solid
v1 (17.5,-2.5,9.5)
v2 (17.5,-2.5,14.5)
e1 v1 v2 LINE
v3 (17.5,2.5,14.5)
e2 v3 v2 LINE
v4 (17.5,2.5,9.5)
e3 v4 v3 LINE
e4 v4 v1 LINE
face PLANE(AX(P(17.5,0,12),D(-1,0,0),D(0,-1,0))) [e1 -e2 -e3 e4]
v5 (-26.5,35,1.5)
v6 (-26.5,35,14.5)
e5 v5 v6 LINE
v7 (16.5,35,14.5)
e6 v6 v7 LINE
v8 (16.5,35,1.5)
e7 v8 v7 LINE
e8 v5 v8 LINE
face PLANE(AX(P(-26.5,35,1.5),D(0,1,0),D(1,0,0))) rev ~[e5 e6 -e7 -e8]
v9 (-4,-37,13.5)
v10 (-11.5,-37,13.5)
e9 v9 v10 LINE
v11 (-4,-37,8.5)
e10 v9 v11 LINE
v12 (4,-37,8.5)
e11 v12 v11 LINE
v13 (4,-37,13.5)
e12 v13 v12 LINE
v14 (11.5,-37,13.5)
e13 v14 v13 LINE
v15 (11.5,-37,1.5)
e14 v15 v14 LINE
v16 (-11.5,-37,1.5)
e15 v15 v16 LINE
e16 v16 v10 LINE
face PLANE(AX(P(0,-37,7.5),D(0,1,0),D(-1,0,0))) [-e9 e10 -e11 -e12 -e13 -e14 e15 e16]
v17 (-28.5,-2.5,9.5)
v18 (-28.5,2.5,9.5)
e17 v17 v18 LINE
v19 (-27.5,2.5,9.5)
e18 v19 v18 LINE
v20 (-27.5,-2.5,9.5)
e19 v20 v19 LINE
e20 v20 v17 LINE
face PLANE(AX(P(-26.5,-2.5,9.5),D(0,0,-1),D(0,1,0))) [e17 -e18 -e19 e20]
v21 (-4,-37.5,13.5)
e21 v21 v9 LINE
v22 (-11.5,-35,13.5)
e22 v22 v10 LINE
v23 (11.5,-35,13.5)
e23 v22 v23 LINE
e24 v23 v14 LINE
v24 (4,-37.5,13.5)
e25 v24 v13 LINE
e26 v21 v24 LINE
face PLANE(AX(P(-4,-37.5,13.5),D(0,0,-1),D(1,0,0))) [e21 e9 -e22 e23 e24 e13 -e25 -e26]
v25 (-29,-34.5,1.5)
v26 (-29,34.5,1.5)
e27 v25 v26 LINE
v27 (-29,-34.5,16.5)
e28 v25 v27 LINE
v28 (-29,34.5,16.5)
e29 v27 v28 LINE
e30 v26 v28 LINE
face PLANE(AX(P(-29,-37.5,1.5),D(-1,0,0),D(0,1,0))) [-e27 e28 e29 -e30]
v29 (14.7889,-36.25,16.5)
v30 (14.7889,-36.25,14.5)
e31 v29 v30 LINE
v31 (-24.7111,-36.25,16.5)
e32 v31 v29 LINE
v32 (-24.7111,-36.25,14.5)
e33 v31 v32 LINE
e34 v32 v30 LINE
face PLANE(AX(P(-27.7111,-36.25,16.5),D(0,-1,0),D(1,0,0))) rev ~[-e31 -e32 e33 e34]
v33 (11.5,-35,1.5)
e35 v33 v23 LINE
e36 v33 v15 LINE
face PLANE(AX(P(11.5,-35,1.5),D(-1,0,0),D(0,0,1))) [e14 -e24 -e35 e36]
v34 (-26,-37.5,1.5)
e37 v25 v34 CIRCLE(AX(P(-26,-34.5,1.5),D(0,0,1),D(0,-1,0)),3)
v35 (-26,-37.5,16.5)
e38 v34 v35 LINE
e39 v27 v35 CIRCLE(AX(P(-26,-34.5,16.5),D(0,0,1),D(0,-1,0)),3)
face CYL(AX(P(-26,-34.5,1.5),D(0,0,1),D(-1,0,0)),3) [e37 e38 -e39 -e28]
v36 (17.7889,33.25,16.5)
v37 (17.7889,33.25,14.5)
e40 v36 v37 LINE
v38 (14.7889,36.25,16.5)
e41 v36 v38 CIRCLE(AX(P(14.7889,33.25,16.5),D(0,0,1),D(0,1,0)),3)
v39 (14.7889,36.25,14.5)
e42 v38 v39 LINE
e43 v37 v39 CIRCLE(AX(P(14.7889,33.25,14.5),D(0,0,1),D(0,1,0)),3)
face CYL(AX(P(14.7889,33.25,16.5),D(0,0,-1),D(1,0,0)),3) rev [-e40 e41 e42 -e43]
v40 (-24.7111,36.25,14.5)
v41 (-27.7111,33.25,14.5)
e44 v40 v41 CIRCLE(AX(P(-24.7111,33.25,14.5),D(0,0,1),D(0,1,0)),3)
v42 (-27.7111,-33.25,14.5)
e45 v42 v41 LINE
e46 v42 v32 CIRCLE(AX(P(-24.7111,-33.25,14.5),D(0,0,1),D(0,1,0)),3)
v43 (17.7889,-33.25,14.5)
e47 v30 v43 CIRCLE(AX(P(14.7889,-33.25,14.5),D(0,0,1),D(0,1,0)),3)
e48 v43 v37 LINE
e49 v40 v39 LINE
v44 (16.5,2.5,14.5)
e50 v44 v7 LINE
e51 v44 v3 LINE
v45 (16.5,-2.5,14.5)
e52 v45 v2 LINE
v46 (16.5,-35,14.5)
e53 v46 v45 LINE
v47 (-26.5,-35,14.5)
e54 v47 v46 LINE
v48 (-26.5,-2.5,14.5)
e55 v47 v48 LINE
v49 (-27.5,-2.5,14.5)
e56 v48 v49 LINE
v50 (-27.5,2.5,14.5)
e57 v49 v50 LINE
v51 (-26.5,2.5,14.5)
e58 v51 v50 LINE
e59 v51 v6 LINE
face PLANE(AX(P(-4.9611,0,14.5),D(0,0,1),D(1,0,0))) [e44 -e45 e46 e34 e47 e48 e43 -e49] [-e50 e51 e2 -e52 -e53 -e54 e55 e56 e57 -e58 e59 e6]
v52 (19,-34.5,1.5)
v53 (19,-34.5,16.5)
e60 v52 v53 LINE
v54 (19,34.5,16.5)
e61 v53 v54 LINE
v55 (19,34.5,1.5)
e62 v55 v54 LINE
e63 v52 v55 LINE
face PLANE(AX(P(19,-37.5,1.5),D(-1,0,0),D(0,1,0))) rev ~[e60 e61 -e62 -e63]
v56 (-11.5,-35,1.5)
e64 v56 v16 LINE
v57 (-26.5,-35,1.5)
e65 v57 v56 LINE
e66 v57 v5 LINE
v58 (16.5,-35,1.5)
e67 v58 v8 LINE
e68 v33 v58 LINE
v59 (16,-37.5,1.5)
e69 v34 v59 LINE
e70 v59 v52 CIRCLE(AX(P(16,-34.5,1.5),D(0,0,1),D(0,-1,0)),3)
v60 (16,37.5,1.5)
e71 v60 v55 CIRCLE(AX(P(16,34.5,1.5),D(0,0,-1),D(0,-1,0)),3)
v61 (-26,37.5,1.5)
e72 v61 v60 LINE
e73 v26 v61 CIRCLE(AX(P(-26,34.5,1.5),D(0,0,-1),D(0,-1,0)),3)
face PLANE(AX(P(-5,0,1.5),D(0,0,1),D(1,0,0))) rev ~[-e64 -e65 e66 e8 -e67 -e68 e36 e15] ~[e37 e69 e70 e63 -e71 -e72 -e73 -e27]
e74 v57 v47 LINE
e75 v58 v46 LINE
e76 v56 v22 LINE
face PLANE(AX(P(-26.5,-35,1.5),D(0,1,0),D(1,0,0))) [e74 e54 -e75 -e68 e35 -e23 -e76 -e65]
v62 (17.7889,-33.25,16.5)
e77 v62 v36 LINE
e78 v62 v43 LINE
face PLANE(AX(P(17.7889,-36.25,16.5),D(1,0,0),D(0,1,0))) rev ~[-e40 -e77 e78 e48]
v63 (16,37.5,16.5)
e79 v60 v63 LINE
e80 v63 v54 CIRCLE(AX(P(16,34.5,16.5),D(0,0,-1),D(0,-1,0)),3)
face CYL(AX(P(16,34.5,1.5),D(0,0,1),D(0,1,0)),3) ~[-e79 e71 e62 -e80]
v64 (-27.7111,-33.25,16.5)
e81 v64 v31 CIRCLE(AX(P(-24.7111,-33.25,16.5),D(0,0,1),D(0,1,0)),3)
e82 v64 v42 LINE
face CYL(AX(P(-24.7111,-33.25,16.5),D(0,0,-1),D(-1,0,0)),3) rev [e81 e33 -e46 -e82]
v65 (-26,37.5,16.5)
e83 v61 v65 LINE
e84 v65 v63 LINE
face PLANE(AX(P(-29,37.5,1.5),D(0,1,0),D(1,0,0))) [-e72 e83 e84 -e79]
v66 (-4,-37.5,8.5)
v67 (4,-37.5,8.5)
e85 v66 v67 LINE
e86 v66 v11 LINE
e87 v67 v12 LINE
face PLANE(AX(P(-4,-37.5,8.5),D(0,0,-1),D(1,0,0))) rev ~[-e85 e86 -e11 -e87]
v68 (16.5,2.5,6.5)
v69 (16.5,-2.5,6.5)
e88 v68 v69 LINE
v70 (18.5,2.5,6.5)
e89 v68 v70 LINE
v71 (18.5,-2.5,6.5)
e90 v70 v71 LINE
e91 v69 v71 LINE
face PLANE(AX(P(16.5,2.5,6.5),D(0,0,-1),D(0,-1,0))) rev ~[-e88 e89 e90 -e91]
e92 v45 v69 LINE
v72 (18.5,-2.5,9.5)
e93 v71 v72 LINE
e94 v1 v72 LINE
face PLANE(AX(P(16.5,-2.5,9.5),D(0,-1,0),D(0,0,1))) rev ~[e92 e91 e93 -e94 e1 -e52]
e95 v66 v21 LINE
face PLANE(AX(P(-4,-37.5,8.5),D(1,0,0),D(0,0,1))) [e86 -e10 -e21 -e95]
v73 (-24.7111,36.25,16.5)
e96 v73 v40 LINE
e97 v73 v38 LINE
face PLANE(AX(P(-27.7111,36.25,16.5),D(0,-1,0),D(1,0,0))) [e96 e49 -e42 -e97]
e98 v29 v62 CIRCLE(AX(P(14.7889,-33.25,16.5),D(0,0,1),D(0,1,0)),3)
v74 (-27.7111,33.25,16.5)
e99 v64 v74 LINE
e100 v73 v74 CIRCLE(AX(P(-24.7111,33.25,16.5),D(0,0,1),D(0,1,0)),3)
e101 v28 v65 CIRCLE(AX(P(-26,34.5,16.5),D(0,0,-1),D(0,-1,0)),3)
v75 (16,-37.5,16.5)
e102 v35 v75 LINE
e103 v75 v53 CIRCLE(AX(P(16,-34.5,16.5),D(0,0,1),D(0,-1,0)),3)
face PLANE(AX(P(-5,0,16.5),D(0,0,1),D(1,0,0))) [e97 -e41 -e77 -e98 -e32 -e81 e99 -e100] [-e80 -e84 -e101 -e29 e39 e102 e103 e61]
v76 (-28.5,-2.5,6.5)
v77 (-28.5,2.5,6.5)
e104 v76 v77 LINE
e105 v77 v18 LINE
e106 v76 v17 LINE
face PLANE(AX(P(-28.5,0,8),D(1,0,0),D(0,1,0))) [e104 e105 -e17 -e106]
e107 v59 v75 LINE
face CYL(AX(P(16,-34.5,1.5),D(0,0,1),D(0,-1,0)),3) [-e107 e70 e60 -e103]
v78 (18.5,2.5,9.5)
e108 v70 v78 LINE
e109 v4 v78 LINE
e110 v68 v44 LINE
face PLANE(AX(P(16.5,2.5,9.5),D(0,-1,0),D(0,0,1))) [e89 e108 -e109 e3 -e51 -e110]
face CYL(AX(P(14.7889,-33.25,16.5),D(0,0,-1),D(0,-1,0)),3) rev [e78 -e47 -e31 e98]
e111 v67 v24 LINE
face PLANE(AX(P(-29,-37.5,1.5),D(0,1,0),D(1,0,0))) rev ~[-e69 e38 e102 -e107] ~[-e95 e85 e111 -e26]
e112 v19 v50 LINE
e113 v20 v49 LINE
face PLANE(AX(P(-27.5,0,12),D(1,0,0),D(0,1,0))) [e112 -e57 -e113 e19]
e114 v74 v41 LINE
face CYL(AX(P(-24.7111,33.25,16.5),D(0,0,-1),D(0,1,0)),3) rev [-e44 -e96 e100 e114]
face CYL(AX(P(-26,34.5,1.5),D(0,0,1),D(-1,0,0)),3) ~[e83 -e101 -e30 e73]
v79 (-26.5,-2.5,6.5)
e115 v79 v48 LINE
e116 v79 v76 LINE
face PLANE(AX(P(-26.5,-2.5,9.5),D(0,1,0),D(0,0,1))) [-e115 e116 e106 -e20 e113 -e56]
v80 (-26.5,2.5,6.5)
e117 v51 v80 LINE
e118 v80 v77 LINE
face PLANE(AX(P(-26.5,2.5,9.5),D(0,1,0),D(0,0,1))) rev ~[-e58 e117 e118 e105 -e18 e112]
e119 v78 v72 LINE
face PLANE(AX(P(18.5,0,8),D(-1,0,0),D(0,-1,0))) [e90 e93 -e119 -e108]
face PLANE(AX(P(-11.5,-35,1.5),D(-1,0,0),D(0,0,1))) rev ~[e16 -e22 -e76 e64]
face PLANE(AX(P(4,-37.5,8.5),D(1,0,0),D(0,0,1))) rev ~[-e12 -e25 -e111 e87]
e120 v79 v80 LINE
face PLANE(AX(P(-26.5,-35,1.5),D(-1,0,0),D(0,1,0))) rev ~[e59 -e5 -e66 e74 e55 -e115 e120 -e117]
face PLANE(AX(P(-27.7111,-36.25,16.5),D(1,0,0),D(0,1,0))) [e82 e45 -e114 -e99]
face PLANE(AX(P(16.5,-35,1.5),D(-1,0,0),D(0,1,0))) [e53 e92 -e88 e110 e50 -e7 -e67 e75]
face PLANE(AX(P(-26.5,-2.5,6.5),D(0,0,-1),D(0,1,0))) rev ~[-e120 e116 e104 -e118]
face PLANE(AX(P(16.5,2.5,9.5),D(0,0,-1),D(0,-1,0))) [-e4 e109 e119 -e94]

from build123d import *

# Parameters (mm, degrees)
SKETCH004_W     = 48
SKETCH004_H     = 75
SKETCH004_W_2   = 43
SKETCH004_H_2   = 70
PAD002_DEPTH    = 15
SKETCH005_W     = 45.5
SKETCH005_H     = 72.5
POCKET_DEPTH    = 2
FILLET_R        = 3
FILLET001_R     = 3
FILLET002_R     = 3
FILLET003_R     = 3
FILLET004_R     = 3
FILLET005_R     = 3
SKETCH006_W     = 5
SKETCH006_H     = 5
POCKET001_DEPTH = 1
SKETCH007_W     = 5
SKETCH007_H     = 3
POCKET002_DEPTH = 2
SKETCH008_W     = 5
SKETCH008_H     = 5
POCKET003_DEPTH = 1
SKETCH009_W     = 5
SKETCH009_H     = 3
POCKET004_DEPTH = 2
SKETCH011_W     = 23
SKETCH011_H     = 12
POCKET006_DEPTH = 2
SKETCH013_W     = 8
SKETCH013_H     = 5
POCKET008_DEPTH = 5


with BuildPart() as part:
    # Sketch004 → Pad002 (new body)
    with BuildSketch(Plane.XY.offset(1.5)):
        with Locations((-5, 0)):
            Rectangle(SKETCH004_W, SKETCH004_H)
        with Locations((-5, 0)):
            Rectangle(SKETCH004_W_2, SKETCH004_H_2, mode=Mode.SUBTRACT)
    extrude(amount=PAD002_DEPTH)

    # Sketch005 → Pocket (cut)
    with BuildSketch(Plane.XY.offset(16.5)):
        with Locations((-4.9611, 0)):
            Rectangle(SKETCH005_W, SKETCH005_H)
    extrude(amount=-POCKET_DEPTH, mode=Mode.SUBTRACT)

    # Fillet
    fillet_edges = [part.edges().sort_by_distance(p)[0] for p in [
        (-27.7111, 36.25, 15.5),
    ]]
    fillet(fillet_edges, radius=FILLET_R)

    # Fillet001
    fillet001_edges = [part.edges().sort_by_distance(p)[0] for p in [
        (-27.7111, -36.25, 15.5),
    ]]
    fillet(fillet001_edges, radius=FILLET001_R)

    # Fillet002
    fillet002_edges = [part.edges().sort_by_distance(p)[0] for p in [
        (17.7889, -36.25, 15.5),
    ]]
    fillet(fillet002_edges, radius=FILLET002_R)

    # Fillet003
    fillet003_edges = [part.edges().sort_by_distance(p)[0] for p in [
        (17.7889, 36.25, 15.5),
    ]]
    fillet(fillet003_edges, radius=FILLET003_R)

    # Fillet004
    fillet004_edges = [part.edges().sort_by_distance(p)[0] for p in [
        (-29, 37.5, 9),
        (19, 37.5, 9),
    ]]
    fillet(fillet004_edges, radius=FILLET004_R)

    # Fillet005
    fillet005_edges = [part.edges().sort_by_distance(p)[0] for p in [
        (-29, -37.5, 9),
        (19, -37.5, 9),
    ]]
    fillet(fillet005_edges, radius=FILLET005_R)

    # Sketch006 → Pocket001 (cut)
    with BuildSketch(Plane(origin=(-26.5, 0, 1.5), x_dir=(0, 1, 0), z_dir=(1, 0, 0))):
        with Locations((0, 10.5)):
            Rectangle(SKETCH006_W, SKETCH006_H)
    extrude(amount=-POCKET001_DEPTH, mode=Mode.SUBTRACT)

    # Sketch007 → Pocket002 (cut)
    with BuildSketch(Plane(origin=(-26.5, 0, 1.5), x_dir=(0, 1, 0), z_dir=(1, 0, 0))):
        with Locations((0, 6.5)):
            Rectangle(SKETCH007_W, SKETCH007_H)
    extrude(amount=-POCKET002_DEPTH, mode=Mode.SUBTRACT)

    # Sketch008 → Pocket003 (cut)
    with BuildSketch(Plane(origin=(16.5, 0, 1.5), x_dir=(0, -1, 0), z_dir=(-1, 0, 0))):
        with Locations((0, 10.5)):
            Rectangle(SKETCH008_W, SKETCH008_H)
    extrude(amount=-POCKET003_DEPTH, mode=Mode.SUBTRACT)

    # Sketch009 → Pocket004 (cut)
    with BuildSketch(Plane(origin=(16.5, 0, 1.5), x_dir=(0, -1, 0), z_dir=(-1, 0, 0))):
        with Locations((0, 6.5)):
            Rectangle(SKETCH009_W, SKETCH009_H)
    extrude(amount=-POCKET004_DEPTH, mode=Mode.SUBTRACT)

    # Sketch011 → Pocket006 (cut)
    with BuildSketch(Plane(origin=(0, -35, 1.5), x_dir=(-1, 0, 0), z_dir=(0, 1, 0))):
        with Locations((0, 6)):
            Rectangle(SKETCH011_W, SKETCH011_H)
    extrude(amount=-POCKET006_DEPTH, mode=Mode.SUBTRACT)

    # Sketch013 → Pocket008 (cut)
    with BuildSketch(Plane(origin=(0, -37.5, 1.5), x_dir=(1, 0, 0), z_dir=(0, -1, 0))):
        with Locations((0, 9.5)):
            Rectangle(SKETCH013_W, SKETCH013_H)
    extrude(amount=-POCKET008_DEPTH, mode=Mode.SUBTRACT)


solid = part.part
